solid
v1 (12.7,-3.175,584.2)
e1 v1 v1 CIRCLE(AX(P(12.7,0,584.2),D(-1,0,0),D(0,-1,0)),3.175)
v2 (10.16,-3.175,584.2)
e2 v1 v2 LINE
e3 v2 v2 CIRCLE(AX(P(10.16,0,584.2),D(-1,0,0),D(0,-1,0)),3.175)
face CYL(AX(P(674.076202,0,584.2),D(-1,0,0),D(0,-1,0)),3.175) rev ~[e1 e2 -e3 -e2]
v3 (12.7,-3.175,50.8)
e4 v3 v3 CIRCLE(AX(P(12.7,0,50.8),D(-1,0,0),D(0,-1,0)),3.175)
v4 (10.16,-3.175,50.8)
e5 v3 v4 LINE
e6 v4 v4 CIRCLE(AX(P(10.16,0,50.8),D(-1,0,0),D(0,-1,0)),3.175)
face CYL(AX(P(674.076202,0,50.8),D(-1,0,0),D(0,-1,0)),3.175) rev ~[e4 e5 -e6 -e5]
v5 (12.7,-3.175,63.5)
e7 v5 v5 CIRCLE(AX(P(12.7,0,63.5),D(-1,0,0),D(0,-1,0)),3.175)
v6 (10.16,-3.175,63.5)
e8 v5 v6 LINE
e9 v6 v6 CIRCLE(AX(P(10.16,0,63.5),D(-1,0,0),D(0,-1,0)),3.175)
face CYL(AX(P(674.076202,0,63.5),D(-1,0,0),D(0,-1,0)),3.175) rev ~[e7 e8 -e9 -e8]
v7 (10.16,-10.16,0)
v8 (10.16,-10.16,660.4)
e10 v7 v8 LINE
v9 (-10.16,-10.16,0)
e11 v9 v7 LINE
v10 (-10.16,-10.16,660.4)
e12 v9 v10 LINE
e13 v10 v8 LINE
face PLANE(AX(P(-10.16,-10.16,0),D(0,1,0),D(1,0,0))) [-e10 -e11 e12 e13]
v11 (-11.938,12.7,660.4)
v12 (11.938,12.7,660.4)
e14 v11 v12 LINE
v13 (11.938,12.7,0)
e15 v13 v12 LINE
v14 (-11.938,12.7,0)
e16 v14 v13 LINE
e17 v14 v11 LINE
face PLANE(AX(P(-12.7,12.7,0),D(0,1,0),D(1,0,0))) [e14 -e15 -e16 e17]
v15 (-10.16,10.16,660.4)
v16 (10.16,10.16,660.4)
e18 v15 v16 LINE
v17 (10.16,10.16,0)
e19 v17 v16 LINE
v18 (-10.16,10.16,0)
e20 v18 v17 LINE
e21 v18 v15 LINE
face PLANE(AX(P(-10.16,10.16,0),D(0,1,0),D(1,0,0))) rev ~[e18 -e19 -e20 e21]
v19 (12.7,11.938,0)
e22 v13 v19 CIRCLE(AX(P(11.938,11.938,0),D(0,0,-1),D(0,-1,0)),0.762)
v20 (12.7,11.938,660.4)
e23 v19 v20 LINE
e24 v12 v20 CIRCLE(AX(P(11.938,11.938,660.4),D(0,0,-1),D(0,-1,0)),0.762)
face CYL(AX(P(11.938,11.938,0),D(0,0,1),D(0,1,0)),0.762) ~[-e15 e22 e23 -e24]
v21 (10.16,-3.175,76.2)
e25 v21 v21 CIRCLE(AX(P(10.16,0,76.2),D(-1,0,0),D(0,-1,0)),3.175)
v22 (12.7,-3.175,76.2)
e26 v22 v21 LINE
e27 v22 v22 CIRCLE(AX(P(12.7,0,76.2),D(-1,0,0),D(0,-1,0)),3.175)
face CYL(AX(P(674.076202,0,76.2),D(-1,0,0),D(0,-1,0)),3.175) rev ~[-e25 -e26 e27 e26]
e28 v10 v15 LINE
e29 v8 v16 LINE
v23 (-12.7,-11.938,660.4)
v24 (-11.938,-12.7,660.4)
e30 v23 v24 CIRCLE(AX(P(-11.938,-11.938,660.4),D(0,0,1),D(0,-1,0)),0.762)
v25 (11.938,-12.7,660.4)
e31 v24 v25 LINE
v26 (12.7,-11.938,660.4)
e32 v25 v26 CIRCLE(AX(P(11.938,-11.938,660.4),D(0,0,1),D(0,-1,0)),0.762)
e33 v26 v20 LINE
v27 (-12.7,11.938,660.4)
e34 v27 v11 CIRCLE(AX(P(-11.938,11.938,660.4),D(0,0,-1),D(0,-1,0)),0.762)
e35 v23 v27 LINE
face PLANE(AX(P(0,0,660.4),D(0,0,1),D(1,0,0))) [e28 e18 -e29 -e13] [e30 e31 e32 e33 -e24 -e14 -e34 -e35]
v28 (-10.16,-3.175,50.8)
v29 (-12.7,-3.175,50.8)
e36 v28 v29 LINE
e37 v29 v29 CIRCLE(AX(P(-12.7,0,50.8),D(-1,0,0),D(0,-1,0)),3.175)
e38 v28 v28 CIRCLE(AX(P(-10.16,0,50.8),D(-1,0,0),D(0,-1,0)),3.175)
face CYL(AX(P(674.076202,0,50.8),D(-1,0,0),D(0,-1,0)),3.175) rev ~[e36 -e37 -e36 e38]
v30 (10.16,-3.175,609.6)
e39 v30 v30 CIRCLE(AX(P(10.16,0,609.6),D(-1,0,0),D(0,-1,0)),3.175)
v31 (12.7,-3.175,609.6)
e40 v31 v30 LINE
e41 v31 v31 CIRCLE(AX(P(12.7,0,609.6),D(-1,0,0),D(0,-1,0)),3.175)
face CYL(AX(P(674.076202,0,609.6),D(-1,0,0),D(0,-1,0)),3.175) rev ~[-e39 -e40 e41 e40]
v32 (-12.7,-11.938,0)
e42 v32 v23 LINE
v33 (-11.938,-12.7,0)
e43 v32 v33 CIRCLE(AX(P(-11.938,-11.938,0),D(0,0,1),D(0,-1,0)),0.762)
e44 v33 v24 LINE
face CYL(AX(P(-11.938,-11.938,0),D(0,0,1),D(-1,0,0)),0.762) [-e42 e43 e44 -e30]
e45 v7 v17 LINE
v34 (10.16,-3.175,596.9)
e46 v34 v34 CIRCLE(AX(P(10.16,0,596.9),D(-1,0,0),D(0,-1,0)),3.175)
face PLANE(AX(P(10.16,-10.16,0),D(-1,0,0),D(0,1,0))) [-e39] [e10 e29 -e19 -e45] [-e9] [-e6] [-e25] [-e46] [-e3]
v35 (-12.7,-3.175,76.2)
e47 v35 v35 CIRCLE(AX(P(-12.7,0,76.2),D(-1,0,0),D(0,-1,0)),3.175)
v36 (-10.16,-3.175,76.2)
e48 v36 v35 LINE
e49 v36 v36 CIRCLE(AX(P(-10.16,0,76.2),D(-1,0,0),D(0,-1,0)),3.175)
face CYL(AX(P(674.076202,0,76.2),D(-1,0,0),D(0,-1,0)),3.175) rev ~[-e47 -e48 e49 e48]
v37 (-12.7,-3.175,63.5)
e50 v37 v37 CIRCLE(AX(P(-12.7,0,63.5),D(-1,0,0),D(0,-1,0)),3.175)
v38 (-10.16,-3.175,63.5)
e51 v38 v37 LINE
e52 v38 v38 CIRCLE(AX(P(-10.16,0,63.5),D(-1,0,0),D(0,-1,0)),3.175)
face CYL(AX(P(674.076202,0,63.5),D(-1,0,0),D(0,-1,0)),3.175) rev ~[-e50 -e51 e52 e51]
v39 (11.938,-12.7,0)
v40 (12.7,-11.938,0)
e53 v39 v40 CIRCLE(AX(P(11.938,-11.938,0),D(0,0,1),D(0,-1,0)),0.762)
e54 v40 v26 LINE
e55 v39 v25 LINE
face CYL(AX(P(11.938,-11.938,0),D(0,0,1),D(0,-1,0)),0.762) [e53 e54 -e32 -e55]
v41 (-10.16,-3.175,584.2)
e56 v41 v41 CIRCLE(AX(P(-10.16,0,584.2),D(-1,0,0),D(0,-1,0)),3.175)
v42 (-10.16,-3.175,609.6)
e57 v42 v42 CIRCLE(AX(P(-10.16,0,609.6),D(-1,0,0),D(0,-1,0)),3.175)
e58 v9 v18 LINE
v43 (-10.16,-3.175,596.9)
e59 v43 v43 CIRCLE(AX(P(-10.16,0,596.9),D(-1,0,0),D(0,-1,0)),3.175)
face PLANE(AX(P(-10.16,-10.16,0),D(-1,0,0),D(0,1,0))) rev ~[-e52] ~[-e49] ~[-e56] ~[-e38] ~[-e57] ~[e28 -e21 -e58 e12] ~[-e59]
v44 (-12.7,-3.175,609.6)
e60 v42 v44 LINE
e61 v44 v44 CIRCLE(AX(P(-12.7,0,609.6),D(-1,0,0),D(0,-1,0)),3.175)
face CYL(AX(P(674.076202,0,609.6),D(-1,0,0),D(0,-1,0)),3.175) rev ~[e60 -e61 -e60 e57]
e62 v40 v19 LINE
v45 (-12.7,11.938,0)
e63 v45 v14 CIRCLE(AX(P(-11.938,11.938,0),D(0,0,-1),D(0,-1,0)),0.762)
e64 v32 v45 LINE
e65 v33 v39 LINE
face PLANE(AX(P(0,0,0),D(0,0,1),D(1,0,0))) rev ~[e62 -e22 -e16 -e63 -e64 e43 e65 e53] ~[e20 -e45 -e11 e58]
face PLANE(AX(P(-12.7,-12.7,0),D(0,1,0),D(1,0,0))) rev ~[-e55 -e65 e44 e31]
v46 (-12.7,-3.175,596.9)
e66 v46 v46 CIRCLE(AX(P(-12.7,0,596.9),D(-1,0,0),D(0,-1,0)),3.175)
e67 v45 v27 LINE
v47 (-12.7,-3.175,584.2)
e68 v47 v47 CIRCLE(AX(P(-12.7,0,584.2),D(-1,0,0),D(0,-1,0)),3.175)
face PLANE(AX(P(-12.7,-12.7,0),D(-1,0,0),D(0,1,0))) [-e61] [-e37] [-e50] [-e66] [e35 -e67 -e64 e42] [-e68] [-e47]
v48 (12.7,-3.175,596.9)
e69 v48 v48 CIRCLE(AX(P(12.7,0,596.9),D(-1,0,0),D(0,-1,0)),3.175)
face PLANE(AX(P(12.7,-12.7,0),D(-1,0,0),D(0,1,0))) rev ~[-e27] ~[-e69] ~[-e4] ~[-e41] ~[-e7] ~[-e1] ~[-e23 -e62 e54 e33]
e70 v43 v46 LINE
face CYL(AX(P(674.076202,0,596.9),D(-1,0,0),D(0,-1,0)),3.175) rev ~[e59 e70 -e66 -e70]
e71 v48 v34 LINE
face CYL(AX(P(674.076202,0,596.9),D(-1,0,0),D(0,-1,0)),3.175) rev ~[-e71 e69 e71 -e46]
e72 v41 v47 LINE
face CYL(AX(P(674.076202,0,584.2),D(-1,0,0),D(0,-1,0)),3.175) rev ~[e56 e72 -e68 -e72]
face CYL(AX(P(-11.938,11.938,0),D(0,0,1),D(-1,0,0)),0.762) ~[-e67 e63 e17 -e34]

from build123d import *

# Parameters (mm, degrees)
F0_W     = 25.4
F0_H     = 25.4
F0_W_2   = 20.32
F0_H_2   = 20.32
F1_DEPTH = 660.4
F4_D     = 6.35
F5_R     = 0.762


with BuildPart() as f1:
    # F0 (on Top) → F1 (new body)
    with BuildSketch(Plane.XY):
        Rectangle(F0_W, F0_H)
        Rectangle(F0_W_2, F0_H_2, mode=Mode.SUBTRACT)
    extrude(amount=F1_DEPTH)

    # F4 (through all)
    with Locations(Plane.YZ.offset(12.7)):
        with Locations((0, 609.6), (0, 596.9), (0, 584.2), (0, 76.2), (0, 63.5), (0, 50.8)):
            Hole(F4_D / 2)

    # F5
    f5_edges = [f1.edges().sort_by_distance(p)[0] for p in [
        (12.7, 12.7, 330.2),
        (-12.7, 12.7, 330.2),
        (12.7, -12.7, 330.2),
        (-12.7, -12.7, 330.2),
    ]]
    fillet(f5_edges, radius=F5_R)


solid = f1.part
